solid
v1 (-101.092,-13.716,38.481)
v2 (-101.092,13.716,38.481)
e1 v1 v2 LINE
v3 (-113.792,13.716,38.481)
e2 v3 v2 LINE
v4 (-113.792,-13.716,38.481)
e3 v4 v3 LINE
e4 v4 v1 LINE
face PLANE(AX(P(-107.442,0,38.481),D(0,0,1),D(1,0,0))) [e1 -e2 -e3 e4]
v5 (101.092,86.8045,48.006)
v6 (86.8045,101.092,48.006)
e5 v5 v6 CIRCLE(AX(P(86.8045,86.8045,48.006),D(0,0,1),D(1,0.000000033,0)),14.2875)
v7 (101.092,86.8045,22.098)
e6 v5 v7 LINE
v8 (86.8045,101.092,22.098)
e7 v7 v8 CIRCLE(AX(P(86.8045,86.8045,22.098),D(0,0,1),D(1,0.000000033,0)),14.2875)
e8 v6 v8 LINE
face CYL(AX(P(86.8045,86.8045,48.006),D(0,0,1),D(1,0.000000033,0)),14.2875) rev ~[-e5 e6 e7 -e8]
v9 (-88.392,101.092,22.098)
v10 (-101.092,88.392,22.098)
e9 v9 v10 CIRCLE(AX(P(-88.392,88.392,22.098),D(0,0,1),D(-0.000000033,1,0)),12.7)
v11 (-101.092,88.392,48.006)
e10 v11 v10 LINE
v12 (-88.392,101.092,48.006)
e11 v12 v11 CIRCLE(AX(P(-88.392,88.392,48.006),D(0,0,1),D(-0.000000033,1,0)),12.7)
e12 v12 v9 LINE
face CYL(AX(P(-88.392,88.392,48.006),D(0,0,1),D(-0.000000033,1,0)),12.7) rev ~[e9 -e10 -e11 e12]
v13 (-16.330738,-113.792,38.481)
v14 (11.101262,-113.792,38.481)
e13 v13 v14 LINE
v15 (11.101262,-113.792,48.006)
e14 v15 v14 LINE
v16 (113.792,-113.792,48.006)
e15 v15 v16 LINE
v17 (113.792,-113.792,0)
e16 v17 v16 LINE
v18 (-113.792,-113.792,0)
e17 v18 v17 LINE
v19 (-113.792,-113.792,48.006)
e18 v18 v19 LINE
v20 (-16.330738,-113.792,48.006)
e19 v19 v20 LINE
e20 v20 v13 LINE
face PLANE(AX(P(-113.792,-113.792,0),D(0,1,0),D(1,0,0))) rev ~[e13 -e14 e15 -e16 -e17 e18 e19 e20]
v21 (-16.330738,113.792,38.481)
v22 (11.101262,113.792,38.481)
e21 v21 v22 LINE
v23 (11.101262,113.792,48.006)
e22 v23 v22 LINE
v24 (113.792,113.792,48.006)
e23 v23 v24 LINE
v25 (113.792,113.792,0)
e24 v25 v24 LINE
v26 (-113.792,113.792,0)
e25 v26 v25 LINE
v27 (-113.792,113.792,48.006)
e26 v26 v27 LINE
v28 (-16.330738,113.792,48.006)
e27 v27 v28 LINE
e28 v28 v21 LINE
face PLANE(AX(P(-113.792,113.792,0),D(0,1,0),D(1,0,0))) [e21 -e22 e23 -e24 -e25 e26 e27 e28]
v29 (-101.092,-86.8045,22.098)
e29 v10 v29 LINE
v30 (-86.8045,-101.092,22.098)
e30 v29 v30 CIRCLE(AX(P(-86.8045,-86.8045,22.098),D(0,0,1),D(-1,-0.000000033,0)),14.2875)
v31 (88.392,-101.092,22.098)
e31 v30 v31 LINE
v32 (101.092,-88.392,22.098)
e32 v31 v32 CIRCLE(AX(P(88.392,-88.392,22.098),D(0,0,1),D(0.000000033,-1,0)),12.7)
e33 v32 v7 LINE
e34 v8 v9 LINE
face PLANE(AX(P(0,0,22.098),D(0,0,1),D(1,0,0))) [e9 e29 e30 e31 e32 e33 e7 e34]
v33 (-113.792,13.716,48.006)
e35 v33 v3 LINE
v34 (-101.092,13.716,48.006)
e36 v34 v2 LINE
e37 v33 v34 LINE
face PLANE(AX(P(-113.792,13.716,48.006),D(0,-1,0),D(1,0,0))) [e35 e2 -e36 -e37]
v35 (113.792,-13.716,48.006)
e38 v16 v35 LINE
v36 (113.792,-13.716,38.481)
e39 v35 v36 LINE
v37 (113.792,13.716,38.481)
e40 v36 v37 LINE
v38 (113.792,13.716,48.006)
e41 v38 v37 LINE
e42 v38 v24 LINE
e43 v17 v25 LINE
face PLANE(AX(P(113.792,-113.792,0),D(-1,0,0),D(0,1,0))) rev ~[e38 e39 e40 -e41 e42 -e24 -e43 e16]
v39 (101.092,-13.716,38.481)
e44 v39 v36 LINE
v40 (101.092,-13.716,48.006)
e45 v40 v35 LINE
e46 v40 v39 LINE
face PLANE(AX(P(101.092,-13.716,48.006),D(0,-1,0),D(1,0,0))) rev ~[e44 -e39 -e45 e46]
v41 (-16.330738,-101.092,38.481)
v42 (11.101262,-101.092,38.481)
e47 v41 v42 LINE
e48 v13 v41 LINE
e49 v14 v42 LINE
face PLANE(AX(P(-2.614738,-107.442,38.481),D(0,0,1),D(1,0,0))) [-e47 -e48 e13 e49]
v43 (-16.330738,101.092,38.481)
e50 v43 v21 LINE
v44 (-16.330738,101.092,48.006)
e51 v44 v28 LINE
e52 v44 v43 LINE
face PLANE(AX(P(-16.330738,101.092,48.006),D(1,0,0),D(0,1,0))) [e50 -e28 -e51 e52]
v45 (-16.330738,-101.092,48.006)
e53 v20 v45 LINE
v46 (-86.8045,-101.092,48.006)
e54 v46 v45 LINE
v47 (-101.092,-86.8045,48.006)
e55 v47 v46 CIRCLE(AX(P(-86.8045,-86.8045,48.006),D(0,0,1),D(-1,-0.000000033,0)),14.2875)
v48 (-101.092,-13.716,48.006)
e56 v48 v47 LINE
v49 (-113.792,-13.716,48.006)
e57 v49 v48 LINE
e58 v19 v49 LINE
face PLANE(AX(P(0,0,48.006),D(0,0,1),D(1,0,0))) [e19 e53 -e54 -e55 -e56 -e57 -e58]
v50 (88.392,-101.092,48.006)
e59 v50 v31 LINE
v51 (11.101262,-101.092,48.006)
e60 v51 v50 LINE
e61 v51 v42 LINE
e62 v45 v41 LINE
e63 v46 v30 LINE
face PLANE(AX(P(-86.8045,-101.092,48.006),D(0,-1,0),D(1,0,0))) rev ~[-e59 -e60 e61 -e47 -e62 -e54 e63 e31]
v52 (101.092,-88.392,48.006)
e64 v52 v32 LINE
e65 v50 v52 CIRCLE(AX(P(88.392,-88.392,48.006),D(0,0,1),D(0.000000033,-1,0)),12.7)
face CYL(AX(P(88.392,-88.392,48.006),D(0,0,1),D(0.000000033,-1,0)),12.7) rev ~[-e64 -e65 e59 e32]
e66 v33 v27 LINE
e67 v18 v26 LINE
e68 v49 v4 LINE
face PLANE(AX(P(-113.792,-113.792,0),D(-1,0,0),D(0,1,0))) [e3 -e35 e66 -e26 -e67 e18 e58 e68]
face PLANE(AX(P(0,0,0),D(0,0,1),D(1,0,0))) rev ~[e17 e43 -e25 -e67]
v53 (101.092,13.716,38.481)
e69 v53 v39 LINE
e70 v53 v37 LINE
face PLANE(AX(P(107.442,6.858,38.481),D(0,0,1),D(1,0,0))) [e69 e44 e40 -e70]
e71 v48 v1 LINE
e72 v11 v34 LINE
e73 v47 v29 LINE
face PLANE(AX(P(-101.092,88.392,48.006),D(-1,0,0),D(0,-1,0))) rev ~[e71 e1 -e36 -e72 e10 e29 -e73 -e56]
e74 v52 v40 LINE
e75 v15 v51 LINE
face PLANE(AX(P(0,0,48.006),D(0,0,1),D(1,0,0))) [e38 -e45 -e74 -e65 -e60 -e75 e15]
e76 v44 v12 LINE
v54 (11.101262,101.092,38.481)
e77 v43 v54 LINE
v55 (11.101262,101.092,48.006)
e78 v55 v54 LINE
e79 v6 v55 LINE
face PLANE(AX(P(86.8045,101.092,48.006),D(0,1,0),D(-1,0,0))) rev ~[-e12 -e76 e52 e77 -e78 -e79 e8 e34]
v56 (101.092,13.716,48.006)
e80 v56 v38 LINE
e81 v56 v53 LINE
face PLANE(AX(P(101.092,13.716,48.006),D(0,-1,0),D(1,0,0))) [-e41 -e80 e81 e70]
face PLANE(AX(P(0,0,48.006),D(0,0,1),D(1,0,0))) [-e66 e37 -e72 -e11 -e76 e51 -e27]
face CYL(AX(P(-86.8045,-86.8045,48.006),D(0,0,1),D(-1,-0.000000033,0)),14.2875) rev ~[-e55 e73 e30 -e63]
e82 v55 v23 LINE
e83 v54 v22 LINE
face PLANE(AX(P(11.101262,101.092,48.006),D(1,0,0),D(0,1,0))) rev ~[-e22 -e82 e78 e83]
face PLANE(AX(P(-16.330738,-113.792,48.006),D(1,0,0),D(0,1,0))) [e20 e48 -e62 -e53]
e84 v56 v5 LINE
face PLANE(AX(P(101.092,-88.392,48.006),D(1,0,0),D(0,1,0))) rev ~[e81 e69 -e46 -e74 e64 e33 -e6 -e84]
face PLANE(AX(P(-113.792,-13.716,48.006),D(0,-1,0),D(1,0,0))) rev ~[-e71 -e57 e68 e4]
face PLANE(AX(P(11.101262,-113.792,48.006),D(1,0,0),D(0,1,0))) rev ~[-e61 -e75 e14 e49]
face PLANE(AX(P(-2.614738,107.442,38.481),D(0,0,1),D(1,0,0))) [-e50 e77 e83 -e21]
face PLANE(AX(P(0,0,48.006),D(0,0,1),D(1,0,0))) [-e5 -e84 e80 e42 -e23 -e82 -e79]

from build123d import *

# Parameters (mm, degrees)
F0_W     = 227.584
F0_H     = 227.584
F1_DEPTH = 48.006
F3_DEPTH = 25.908
F4_W     = 12.7
F4_H     = 27.432
F4_W_2   = 27.432
F4_H_2   = 12.7
F4_H_3   = 13.716
F5_DEPTH = 9.525


with BuildPart() as f1:
    # F0 (on Top) → F1 (new body)
    with BuildSketch(Plane.XY):
        Rectangle(F0_W, F0_H)
    extrude(amount=F1_DEPTH)

    # F2 (on face) → F3 (cut)
    with BuildSketch(Plane.XY.offset(48.006)):
        with BuildLine():
            Line((86.8045, 101.092), (-88.392, 101.092))
            ThreePointArc((-88.392, 101.092), (-97.372256, 97.372256), (-101.092, 88.392))
            Line((-101.092, 88.392), (-101.092, -86.8045))
            ThreePointArc((-101.092, -86.8045), (-96.907288, -96.907288), (-86.8045, -101.092))
            Line((-86.8045, -101.092), (88.392, -101.092))
            ThreePointArc((88.392, -101.092), (97.372256, -97.372256), (101.092, -88.392))
            Line((101.092, -88.392), (101.092, 86.8045))
            ThreePointArc((101.092, 86.8045), (96.907288, 96.907288), (86.8045, 101.092))
        make_face()
    extrude(amount=-F3_DEPTH, mode=Mode.SUBTRACT)

    # F4 (on face) → F5 (cut)
    with BuildSketch(Plane.XY.offset(48.006)):
        with Locations((-107.442, 0)):
            Rectangle(F4_W, F4_H)
        with Locations((-2.614738, 107.442)):
            Rectangle(F4_W_2, F4_H_2)
        with Locations((107.442, 6.858)):
            Rectangle(F4_W, F4_H_3)
        with Locations((107.442, -6.858)):
            Rectangle(F4_W, F4_H_3)
        with Locations((-2.614738, -107.442)):
            Rectangle(F4_W_2, F4_H_2)
    extrude(amount=-F5_DEPTH, mode=Mode.SUBTRACT)


solid = f1.part
